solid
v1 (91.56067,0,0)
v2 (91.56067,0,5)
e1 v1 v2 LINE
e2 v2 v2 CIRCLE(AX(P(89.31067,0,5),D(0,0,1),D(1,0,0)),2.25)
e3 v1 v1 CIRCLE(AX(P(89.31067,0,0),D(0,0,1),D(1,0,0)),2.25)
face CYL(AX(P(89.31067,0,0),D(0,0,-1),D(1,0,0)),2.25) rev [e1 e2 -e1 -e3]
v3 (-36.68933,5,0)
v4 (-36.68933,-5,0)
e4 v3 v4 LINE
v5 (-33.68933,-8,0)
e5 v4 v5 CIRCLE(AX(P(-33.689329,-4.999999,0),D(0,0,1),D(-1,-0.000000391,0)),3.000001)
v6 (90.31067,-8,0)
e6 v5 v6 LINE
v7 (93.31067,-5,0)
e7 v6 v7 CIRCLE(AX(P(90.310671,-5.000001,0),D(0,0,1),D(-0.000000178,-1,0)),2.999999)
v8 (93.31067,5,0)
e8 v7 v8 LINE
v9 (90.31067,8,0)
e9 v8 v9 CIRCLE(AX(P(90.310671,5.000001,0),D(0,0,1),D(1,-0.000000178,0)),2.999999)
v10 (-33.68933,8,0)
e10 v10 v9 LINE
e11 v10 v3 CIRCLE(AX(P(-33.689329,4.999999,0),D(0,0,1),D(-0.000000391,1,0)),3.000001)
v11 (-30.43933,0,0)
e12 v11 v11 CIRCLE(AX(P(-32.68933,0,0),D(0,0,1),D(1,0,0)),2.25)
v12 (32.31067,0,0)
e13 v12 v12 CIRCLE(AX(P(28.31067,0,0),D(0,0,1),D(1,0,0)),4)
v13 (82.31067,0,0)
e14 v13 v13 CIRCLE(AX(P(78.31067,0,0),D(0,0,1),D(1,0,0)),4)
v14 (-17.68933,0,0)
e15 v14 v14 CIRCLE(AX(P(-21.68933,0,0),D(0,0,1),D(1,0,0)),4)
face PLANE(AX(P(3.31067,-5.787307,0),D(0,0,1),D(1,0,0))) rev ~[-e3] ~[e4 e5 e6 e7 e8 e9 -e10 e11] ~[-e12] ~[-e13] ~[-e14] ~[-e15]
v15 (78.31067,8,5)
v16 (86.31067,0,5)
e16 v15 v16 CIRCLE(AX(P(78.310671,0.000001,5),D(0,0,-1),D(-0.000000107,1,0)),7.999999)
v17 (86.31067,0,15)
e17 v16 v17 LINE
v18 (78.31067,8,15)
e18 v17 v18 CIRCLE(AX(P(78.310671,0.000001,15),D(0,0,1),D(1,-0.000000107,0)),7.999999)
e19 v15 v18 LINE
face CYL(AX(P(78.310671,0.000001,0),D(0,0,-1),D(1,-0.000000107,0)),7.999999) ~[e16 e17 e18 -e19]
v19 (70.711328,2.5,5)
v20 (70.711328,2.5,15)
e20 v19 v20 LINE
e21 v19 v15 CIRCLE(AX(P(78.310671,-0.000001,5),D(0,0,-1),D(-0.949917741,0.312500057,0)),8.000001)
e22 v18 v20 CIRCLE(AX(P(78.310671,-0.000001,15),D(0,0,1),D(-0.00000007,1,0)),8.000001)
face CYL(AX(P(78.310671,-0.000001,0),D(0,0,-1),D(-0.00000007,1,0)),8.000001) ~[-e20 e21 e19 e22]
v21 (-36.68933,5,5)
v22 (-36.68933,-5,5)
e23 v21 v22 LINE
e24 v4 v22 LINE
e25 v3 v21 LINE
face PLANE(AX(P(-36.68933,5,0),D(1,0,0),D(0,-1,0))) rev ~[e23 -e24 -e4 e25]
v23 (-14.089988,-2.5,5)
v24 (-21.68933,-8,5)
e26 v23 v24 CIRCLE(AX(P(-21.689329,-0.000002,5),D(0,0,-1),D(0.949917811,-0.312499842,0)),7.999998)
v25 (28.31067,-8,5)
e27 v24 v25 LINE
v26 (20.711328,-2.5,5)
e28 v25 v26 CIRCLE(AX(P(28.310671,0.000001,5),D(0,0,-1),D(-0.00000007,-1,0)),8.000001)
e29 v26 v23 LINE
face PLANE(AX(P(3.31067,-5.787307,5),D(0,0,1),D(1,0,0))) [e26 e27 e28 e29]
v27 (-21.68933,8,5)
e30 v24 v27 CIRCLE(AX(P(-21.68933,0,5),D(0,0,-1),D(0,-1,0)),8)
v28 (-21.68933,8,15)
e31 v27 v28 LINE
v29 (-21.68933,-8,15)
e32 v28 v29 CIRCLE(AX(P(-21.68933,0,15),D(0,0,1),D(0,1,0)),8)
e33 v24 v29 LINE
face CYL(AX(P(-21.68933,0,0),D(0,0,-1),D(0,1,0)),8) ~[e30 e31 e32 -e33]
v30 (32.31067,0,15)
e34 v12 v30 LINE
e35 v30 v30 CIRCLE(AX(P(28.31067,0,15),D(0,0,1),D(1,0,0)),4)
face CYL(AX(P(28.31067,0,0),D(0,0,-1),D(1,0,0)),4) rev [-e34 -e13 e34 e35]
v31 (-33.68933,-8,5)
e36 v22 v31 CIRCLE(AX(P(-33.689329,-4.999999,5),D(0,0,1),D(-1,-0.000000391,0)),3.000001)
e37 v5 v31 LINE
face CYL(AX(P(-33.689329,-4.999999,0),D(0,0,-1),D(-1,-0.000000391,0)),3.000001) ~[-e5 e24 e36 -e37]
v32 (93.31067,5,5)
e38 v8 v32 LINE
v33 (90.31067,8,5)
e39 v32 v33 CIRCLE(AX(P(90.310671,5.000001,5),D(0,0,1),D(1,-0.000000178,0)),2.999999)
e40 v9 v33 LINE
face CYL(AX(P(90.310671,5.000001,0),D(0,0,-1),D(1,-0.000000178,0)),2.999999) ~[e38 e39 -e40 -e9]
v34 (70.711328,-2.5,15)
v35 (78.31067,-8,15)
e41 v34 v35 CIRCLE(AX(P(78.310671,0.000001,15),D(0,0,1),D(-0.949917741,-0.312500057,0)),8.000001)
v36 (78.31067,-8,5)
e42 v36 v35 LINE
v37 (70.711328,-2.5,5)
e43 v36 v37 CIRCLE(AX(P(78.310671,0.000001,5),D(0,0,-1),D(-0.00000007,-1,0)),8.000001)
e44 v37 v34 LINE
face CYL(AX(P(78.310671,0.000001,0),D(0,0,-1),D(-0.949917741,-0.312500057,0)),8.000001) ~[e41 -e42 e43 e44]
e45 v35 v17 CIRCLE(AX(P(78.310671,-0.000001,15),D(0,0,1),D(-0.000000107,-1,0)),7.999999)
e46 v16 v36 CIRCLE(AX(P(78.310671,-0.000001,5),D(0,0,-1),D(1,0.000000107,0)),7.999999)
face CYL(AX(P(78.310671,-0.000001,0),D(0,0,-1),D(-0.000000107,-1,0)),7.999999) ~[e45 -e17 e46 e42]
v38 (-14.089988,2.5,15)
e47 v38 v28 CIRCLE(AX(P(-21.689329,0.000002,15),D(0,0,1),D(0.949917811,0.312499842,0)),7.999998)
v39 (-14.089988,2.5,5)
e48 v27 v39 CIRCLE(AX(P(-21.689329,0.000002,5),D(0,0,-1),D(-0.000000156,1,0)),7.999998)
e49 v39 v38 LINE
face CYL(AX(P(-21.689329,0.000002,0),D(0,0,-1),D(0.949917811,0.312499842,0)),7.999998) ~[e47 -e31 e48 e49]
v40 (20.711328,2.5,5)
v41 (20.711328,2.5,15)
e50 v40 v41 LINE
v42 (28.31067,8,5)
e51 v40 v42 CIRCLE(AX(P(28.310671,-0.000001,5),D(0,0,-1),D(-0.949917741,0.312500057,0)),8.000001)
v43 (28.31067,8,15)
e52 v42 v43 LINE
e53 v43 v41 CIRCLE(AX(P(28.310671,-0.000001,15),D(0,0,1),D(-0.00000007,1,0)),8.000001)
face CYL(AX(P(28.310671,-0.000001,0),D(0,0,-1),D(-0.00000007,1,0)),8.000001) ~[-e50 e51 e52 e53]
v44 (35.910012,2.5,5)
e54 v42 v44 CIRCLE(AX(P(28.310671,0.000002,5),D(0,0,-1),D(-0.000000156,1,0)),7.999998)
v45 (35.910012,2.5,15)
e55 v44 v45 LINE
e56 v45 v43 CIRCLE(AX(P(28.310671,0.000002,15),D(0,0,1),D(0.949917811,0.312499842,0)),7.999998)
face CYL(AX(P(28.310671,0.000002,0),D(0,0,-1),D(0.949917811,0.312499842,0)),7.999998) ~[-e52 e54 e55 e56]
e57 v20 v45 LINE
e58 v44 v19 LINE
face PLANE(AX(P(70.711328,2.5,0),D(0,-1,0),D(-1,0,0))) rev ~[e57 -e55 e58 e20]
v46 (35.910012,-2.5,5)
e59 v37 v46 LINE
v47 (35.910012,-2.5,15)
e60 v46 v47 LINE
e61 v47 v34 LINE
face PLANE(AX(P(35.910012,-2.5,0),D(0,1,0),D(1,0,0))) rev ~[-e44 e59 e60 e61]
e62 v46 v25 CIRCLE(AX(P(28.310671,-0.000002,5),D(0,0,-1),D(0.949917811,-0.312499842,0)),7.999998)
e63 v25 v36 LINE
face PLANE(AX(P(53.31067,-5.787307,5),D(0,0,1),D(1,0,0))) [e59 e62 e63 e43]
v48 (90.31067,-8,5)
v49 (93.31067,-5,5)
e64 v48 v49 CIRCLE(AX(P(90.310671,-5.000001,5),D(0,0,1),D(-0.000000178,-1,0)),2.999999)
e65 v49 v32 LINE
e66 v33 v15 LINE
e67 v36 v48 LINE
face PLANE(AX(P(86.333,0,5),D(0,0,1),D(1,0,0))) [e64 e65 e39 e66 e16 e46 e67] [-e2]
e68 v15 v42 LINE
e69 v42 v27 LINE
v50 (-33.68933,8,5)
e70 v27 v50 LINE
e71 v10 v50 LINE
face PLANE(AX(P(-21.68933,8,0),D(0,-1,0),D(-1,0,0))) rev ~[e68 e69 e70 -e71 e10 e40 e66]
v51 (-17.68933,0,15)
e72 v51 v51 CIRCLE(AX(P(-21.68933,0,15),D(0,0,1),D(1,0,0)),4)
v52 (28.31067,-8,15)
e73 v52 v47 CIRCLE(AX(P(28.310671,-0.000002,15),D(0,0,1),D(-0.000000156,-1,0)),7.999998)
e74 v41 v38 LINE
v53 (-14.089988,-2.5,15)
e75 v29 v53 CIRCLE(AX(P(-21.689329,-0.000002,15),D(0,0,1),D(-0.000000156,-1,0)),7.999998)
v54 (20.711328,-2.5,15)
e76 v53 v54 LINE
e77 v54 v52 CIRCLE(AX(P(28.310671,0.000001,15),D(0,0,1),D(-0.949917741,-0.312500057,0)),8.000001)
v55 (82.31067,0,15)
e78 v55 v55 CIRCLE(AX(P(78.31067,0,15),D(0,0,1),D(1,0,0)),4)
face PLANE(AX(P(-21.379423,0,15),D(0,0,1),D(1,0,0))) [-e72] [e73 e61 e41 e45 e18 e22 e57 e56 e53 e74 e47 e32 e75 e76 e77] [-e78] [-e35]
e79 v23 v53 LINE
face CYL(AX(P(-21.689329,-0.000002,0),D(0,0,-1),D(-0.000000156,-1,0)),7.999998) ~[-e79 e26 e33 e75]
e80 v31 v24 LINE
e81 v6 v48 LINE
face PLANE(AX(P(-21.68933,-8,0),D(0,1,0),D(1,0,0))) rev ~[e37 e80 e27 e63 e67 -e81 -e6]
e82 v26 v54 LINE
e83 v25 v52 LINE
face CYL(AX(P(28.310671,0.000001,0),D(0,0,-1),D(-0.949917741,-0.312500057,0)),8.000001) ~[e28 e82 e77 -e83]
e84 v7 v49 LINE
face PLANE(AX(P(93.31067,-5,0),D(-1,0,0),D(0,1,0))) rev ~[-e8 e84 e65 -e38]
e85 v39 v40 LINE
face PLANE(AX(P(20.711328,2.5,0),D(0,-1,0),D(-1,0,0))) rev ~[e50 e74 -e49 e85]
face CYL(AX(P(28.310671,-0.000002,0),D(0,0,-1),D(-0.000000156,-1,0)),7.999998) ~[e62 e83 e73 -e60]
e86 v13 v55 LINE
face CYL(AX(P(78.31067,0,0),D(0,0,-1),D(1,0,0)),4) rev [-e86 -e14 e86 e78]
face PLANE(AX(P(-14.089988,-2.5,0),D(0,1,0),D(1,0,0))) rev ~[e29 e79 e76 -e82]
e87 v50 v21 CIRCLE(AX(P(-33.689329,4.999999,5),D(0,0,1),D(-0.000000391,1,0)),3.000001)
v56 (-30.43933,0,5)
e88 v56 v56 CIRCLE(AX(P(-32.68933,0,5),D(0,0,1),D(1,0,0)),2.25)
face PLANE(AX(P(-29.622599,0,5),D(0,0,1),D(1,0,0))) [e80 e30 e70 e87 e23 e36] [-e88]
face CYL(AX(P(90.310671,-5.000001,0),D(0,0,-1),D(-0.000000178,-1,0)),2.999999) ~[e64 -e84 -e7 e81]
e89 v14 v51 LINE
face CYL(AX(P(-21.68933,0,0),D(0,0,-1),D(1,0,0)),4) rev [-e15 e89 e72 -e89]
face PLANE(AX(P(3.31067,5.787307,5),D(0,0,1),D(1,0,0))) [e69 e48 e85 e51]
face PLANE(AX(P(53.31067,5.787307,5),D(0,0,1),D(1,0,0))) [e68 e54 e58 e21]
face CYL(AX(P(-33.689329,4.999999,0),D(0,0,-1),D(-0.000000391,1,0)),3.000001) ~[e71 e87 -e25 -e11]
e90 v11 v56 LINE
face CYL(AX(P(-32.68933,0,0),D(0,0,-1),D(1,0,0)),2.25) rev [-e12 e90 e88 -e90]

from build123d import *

# Parameters (mm, degrees)
F0_R     = 2.25
F1_DEPTH = 5
F0_R_2   = 4
F2_DEPTH = 15


with BuildPart() as f1:
    # F0 (on Top) → F1 (new body)
    with BuildSketch(Plane.XY):
        with BuildLine():
            Line((20.711328, -2.5), (-14.089988, -2.5))
            ThreePointArc((-14.089988, -2.5), (-16.998914, -6.480741), (-21.68933, -8))
            Line((-21.68933, -8), (28.31067, -8))
            ThreePointArc((28.31067, -8), (23.620255, -6.480741), (20.711328, -2.5))
        make_face()
        with BuildLine():
            ThreePointArc((-21.68933, 8), (-16.998914, 6.480741), (-14.089988, 2.5))
            Line((-14.089988, 2.5), (20.711328, 2.5))
            ThreePointArc((20.711328, 2.5), (23.620255, 6.480741), (28.31067, 8))
            Line((28.31067, 8), (-21.68933, 8))
        make_face()
        with BuildLine():
            ThreePointArc((-21.68933, -8), (-29.68933, 0), (-21.68933, 8))
            Line((-21.68933, 8), (-33.68933, 8))
            ThreePointArc((-33.68933, 8), (-35.81065, 7.12132), (-36.68933, 5))
            Line((-36.68933, 5), (-36.68933, -5))
            ThreePointArc((-36.68933, -5), (-35.81065, -7.12132), (-33.68933, -8))
            Line((-33.68933, -8), (-21.68933, -8))
        make_face()
        with Locations((-32.68933, 0)):
            Circle(F0_R, mode=Mode.SUBTRACT)
        with BuildLine():
            Line((90.31067, 8), (78.31067, 8))
            ThreePointArc((78.31067, 8), (83.967525, 5.656854), (86.31067, 0))
            ThreePointArc((86.31067, 0), (83.967525, -5.656854), (78.31067, -8))
            Line((78.31067, -8), (90.31067, -8))
            ThreePointArc((90.31067, -8), (92.431991, -7.12132), (93.31067, -5))
            Line((93.31067, -5), (93.31067, 5))
            ThreePointArc((93.31067, 5), (92.431991, 7.12132), (90.31067, 8))
        make_face()
        with Locations((89.31067, 0)):
            Circle(F0_R, mode=Mode.SUBTRACT)
        with BuildLine():
            Line((78.31067, 8), (28.31067, 8))
            ThreePointArc((28.31067, 8), (33.001086, 6.480741), (35.910012, 2.5))
            Line((35.910012, 2.5), (70.711328, 2.5))
            ThreePointArc((70.711328, 2.5), (73.620255, 6.480741), (78.31067, 8))
        make_face()
        with BuildLine():
            ThreePointArc((35.910012, -2.5), (33.001086, -6.480741), (28.31067, -8))
            Line((28.31067, -8), (78.31067, -8))
            ThreePointArc((78.31067, -8), (73.620255, -6.480741), (70.711328, -2.5))
            Line((70.711328, -2.5), (35.910012, -2.5))
        make_face()
    extrude(amount=F1_DEPTH)

    # F0 (on Top) → F2 (join)
    with BuildSketch(Plane.XY):
        with BuildLine():
            ThreePointArc((-14.089988, -2.5), (-13.790129, -1.265951), (-13.68933, 0))
            ThreePointArc((-13.68933, 0), (-13.790129, 1.265951), (-14.089988, 2.5))
            ThreePointArc((-14.089988, 2.5), (-16.998914, 6.480741), (-21.68933, 8))
            ThreePointArc((-21.68933, 8), (-29.68933, 0), (-21.68933, -8))
            ThreePointArc((-21.68933, -8), (-16.998914, -6.480741), (-14.089988, -2.5))
        make_face()
        with Locations((-21.68933, 0)):
            Circle(F0_R_2, mode=Mode.SUBTRACT)
        with BuildLine():
            ThreePointArc((86.31067, 0), (83.967525, 5.656854), (78.31067, 8))
            ThreePointArc((78.31067, 8), (73.620255, 6.480741), (70.711328, 2.5))
            ThreePointArc((70.711328, 2.5), (70.31067, 0), (70.711328, -2.5))
            ThreePointArc((70.711328, -2.5), (73.620255, -6.480741), (78.31067, -8))
            ThreePointArc((78.31067, -8), (83.967525, -5.656854), (86.31067, 0))
        make_face()
        with Locations((78.31067, 0)):
            Circle(F0_R_2, mode=Mode.SUBTRACT)
        with BuildLine():
            ThreePointArc((-14.089988, 2.5), (-13.790129, 1.265951), (-13.68933, 0))
            ThreePointArc((-13.68933, 0), (-13.790129, -1.265951), (-14.089988, -2.5))
            Line((-14.089988, -2.5), (20.711328, -2.5))
            ThreePointArc((20.711328, -2.5), (20.31067, 0), (20.711328, 2.5))
            Line((20.711328, 2.5), (-14.089988, 2.5))
        make_face()
        with BuildLine():
            Line((70.711328, 2.5), (35.910012, 2.5))
            ThreePointArc((35.910012, 2.5), (36.209871, 1.265951), (36.31067, 0))
            ThreePointArc((36.31067, 0), (36.209871, -1.265951), (35.910012, -2.5))
            Line((35.910012, -2.5), (70.711328, -2.5))
            ThreePointArc((70.711328, -2.5), (70.31067, 0), (70.711328, 2.5))
        make_face()
        with BuildLine():
            ThreePointArc((28.31067, 8), (23.620255, 6.480741), (20.711328, 2.5))
            ThreePointArc((20.711328, 2.5), (20.31067, 0), (20.711328, -2.5))
            ThreePointArc((20.711328, -2.5), (23.620255, -6.480741), (28.31067, -8))
            ThreePointArc((28.31067, -8), (33.001086, -6.480741), (35.910012, -2.5))
            ThreePointArc((35.910012, -2.5), (36.209871, -1.265951), (36.31067, 0))
            ThreePointArc((36.31067, 0), (36.209871, 1.265951), (35.910012, 2.5))
            ThreePointArc((35.910012, 2.5), (33.001086, 6.480741), (28.31067, 8))
        make_face()
        with Locations((28.31067, 0)):
            Circle(F0_R_2, mode=Mode.SUBTRACT)
    extrude(amount=F2_DEPTH)


solid = f1.part
